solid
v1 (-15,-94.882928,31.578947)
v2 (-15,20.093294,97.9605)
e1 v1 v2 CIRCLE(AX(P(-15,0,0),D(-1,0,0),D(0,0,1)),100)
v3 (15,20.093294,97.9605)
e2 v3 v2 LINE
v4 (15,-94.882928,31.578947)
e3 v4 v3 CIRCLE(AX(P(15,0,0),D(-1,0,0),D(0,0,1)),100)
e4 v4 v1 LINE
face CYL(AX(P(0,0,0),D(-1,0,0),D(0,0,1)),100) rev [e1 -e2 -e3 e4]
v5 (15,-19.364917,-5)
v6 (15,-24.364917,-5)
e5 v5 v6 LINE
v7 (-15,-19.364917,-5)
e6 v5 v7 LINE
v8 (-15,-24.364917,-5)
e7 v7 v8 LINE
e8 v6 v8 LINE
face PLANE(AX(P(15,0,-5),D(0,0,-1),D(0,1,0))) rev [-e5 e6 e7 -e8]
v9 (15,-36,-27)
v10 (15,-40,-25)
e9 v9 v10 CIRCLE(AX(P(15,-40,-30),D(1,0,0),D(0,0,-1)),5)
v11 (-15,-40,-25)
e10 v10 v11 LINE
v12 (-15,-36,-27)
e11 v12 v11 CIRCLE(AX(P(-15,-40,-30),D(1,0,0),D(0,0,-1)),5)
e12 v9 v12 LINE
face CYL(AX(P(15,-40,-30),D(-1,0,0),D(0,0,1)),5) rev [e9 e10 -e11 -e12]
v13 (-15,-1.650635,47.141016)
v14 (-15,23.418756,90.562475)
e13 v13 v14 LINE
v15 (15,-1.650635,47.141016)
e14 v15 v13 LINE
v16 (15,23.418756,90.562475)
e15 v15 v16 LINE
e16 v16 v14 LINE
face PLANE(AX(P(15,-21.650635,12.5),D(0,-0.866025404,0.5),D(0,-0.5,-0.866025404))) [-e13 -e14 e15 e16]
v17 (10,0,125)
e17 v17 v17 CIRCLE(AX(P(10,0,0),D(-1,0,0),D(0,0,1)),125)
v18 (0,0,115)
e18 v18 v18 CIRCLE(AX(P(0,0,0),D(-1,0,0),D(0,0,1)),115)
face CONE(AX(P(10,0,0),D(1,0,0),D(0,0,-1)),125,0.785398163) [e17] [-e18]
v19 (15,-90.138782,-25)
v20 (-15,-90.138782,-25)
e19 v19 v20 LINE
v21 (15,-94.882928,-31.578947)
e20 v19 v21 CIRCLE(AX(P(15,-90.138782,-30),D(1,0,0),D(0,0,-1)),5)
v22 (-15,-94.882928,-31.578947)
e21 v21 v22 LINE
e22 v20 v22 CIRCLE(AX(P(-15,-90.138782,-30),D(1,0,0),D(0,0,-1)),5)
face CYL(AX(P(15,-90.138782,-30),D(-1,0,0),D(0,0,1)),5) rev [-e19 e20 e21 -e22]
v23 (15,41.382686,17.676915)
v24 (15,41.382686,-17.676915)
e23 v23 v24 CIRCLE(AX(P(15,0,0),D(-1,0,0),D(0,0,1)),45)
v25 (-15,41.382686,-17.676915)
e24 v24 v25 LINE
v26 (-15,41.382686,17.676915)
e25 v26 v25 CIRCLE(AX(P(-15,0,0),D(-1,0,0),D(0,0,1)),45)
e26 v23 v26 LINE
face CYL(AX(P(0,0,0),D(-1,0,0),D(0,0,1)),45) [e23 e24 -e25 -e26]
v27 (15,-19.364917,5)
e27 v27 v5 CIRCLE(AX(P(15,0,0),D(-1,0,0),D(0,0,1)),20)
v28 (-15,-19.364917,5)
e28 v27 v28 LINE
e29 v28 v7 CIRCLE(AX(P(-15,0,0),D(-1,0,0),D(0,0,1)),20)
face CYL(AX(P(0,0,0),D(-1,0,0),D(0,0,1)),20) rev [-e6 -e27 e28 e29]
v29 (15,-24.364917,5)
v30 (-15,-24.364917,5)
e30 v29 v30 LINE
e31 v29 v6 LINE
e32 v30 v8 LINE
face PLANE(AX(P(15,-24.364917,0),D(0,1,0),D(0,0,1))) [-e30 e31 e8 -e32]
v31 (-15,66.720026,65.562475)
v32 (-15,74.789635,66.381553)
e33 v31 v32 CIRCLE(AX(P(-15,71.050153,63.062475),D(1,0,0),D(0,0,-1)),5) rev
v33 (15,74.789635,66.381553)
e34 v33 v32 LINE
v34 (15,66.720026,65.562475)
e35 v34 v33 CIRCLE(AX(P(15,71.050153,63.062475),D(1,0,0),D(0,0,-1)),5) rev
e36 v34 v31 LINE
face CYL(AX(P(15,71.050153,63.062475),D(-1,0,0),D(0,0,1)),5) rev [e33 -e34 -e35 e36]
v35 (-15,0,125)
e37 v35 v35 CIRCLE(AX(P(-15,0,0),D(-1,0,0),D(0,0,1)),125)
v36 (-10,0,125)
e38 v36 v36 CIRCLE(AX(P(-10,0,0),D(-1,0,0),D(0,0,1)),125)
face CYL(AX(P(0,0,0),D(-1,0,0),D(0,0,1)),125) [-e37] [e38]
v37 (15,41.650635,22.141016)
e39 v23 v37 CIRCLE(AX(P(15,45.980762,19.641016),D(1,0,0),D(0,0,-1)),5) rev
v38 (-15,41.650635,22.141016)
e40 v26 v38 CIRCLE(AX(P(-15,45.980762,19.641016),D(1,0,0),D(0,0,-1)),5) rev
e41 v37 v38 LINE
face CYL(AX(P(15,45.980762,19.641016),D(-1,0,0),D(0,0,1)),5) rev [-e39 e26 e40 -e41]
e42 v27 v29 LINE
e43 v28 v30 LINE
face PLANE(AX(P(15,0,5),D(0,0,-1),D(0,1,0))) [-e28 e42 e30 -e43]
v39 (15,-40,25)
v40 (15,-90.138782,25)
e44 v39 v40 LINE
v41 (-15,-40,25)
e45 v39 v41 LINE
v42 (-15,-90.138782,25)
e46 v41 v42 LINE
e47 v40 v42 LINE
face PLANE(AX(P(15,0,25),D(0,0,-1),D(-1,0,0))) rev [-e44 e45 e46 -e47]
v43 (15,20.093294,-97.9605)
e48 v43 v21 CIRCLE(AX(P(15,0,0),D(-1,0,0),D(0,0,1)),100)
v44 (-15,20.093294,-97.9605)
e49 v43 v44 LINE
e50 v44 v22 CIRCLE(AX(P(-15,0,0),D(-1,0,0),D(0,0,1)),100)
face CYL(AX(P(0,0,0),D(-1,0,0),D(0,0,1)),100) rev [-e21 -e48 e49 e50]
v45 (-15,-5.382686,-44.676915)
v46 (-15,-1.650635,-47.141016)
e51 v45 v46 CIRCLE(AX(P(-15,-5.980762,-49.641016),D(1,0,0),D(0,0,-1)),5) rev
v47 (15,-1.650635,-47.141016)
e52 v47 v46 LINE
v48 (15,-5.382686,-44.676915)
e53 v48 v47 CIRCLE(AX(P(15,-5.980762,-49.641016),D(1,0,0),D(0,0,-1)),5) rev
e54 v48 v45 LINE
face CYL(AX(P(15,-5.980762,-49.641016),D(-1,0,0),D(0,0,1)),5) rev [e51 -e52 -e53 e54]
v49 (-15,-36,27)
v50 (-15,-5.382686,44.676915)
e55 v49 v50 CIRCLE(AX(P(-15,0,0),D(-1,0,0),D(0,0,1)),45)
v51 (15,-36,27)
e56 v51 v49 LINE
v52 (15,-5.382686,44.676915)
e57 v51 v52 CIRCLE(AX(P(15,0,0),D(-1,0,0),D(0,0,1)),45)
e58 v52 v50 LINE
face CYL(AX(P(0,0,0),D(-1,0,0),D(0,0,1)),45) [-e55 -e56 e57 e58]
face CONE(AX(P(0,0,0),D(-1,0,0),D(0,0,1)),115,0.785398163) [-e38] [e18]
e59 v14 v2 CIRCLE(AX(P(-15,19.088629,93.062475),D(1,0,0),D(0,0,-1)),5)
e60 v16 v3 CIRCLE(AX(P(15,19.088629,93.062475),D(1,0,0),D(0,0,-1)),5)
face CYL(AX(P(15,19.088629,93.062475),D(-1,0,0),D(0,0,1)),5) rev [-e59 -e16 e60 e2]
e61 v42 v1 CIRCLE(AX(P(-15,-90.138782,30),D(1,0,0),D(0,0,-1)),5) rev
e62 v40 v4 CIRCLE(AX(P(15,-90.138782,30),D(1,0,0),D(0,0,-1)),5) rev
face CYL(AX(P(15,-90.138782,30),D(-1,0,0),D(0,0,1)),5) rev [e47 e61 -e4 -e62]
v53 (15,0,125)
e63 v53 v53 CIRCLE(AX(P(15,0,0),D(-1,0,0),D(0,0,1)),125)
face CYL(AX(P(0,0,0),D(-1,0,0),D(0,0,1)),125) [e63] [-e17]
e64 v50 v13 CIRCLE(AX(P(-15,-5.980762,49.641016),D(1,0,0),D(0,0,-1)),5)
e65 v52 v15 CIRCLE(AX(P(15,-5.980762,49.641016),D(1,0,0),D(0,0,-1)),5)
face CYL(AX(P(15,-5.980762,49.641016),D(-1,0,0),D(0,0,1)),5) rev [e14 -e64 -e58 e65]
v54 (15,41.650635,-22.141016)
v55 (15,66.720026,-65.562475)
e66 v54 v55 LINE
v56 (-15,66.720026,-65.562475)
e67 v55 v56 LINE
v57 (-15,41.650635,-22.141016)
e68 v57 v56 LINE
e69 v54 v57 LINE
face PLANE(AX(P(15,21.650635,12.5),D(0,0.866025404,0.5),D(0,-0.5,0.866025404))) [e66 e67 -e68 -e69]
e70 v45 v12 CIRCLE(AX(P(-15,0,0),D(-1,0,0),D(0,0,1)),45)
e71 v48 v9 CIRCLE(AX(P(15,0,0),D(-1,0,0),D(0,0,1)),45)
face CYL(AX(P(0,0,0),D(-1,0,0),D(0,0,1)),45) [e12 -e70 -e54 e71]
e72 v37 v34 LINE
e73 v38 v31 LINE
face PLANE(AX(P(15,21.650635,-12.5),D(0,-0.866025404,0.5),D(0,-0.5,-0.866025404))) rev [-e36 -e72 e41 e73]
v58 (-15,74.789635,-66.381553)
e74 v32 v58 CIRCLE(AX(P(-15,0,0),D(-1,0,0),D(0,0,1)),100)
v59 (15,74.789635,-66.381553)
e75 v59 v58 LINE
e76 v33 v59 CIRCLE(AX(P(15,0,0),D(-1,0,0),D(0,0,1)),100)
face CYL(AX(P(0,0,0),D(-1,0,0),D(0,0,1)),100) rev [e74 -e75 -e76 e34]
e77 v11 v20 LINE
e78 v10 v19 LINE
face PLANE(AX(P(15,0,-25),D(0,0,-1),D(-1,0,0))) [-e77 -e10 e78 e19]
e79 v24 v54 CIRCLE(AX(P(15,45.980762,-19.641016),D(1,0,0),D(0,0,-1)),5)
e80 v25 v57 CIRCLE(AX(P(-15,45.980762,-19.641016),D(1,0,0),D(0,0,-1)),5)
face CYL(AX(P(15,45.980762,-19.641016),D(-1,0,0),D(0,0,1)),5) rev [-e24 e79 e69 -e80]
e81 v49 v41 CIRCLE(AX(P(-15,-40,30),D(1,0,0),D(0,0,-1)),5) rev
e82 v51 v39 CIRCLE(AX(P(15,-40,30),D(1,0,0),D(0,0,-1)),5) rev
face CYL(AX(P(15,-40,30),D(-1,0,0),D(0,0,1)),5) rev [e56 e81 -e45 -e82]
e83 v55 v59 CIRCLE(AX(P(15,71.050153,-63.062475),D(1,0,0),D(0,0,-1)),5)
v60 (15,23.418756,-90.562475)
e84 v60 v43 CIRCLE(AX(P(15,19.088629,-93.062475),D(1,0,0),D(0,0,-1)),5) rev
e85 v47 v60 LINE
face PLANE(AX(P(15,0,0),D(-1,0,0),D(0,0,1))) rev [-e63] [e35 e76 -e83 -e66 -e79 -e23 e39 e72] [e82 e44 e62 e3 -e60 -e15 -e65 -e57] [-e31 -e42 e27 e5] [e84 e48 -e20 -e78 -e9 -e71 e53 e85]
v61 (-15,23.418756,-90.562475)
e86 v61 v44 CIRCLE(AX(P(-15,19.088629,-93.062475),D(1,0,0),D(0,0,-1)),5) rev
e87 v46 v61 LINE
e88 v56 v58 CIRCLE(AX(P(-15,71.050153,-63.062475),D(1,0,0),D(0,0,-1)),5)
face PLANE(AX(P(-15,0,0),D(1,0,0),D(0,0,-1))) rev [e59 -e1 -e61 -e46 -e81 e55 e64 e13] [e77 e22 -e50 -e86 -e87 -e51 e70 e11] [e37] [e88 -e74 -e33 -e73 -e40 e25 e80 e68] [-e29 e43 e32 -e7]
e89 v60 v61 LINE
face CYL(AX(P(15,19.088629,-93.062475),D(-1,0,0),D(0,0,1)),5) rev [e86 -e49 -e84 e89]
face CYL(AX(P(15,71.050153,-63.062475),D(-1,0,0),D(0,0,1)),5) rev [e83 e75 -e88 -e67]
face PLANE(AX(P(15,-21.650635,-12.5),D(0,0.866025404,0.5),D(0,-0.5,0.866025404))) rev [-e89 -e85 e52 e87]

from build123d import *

# Parameters (mm, degrees)
SKETCH1_W           = 30
SKETCH1_H           = 25
BOSS_EXTRUDE1_DEPTH = 15
CUT_EXTRUDE1_DEPTH  = 180.30421077


with BuildPart() as part:
    # Sketch1 → Revolve1 (revolve)
    with BuildSketch(Plane(origin=(0, 0, 0), x_dir=(1, 0, 0), z_dir=(0, 1, 0)), mode=Mode.PRIVATE) as revolve1_sk:
        Polygon((-15, 125), (-15, 100), (15, 100), (15, 125), (10, 125), (0, 115), (-10, 125), align=None)
        with Locations((0, 32.5)):
            Rectangle(SKETCH1_W, SKETCH1_H)
    revolve(revolve1_sk.sketch.rotate(Axis((0, 0, 0), (1, 0, 0)), 180), axis=Axis((0, 0, 0), (1, 0, 0)))

    # Sketch2 → Boss-Extrude1 (add, symmetric)
    with BuildSketch(Plane(origin=(0, 0, 0), x_dir=(0, 0, -1), z_dir=(1, 0, 0))):
        with BuildLine():
            Line((25, -90.138781887), (25, -40))
            ThreePointArc((25, -40), (25.527864045, -37.763932023), (27, -36))
            ThreePointArc((27, -36), (0, -45), (-27, -36))
            ThreePointArc((-27, -36), (-25.527864045, -37.763932023), (-25, -40))
            Line((-25, -40), (-25, -90.138781887))
            ThreePointArc((-25, -90.138781887), (-27.075511741, -94.194317415), (-31.578947368, -94.882928302))
            ThreePointArc((-31.578947368, -94.882928302), (0, -100), (31.578947368, -94.882928302))
            ThreePointArc((31.578947368, -94.882928302), (27.075511741, -94.194317415), (25, -90.138781887))
        make_face()
        with BuildLine():
            ThreePointArc((17.676914536, 41.382685902), (38.97114317, 22.5), (44.676914536, -5.382685902))
            ThreePointArc((44.676914536, -5.382685902), (45.468456501, -3.225812756), (47.141016151, -1.650635095))
            Line((47.141016151, -1.650635095), (90.56247498, 23.418755849))
            ThreePointArc((90.56247498, 23.418755849), (95.112427644, 23.64907772), (97.960499979, 20.093293505))
            ThreePointArc((97.960499979, 20.093293505), (86.602540378, 50), (66.381552611, 74.789634797))
            ThreePointArc((66.381552611, 74.789634797), (68.036915903, 70.545239695), (65.56247498, 66.720026038))
            Line((65.56247498, 66.720026038), (22.141016151, 41.650635095))
            ThreePointArc((22.141016151, 41.650635095), (19.940592456, 40.989744779), (17.676914536, 41.382685902))
        make_face()
        with BuildLine():
            ThreePointArc((-47.141016151, -1.650635095), (-45.468456501, -3.225812756), (-44.676914536, -5.382685902))
            ThreePointArc((-44.676914536, -5.382685902), (-38.97114317, 22.5), (-17.676914536, 41.382685902))
            ThreePointArc((-17.676914536, 41.382685902), (-19.940592456, 40.989744779), (-22.141016151, 41.650635095))
            Line((-22.141016151, 41.650635095), (-65.56247498, 66.720026038))
            ThreePointArc((-65.56247498, 66.720026038), (-68.036915903, 70.545239695), (-66.381552611, 74.789634797))
            ThreePointArc((-66.381552611, 74.789634797), (-86.602540378, 50), (-97.960499979, 20.093293505))
            ThreePointArc((-97.960499979, 20.093293505), (-95.112427644, 23.64907772), (-90.56247498, 23.418755849))
            Line((-90.56247498, 23.418755849), (-47.141016151, -1.650635095))
        make_face()
    extrude(amount=BOSS_EXTRUDE1_DEPTH, both=True)

    # Sketch4 → Cut-Extrude1 (cut, through all)
    with BuildSketch(Plane.ZY.offset(15)):
        with BuildLine():
            Line((5, -24.364916731), (5, -19.364916731))
            ThreePointArc((5, -19.364916731), (0, -20), (-5, -19.364916731))
            Line((-5, -19.364916731), (-5, -24.364916731))
            Line((-5, -24.364916731), (5, -24.364916731))
        make_face()
    extrude(amount=-CUT_EXTRUDE1_DEPTH, mode=Mode.SUBTRACT)


solid = part.part
